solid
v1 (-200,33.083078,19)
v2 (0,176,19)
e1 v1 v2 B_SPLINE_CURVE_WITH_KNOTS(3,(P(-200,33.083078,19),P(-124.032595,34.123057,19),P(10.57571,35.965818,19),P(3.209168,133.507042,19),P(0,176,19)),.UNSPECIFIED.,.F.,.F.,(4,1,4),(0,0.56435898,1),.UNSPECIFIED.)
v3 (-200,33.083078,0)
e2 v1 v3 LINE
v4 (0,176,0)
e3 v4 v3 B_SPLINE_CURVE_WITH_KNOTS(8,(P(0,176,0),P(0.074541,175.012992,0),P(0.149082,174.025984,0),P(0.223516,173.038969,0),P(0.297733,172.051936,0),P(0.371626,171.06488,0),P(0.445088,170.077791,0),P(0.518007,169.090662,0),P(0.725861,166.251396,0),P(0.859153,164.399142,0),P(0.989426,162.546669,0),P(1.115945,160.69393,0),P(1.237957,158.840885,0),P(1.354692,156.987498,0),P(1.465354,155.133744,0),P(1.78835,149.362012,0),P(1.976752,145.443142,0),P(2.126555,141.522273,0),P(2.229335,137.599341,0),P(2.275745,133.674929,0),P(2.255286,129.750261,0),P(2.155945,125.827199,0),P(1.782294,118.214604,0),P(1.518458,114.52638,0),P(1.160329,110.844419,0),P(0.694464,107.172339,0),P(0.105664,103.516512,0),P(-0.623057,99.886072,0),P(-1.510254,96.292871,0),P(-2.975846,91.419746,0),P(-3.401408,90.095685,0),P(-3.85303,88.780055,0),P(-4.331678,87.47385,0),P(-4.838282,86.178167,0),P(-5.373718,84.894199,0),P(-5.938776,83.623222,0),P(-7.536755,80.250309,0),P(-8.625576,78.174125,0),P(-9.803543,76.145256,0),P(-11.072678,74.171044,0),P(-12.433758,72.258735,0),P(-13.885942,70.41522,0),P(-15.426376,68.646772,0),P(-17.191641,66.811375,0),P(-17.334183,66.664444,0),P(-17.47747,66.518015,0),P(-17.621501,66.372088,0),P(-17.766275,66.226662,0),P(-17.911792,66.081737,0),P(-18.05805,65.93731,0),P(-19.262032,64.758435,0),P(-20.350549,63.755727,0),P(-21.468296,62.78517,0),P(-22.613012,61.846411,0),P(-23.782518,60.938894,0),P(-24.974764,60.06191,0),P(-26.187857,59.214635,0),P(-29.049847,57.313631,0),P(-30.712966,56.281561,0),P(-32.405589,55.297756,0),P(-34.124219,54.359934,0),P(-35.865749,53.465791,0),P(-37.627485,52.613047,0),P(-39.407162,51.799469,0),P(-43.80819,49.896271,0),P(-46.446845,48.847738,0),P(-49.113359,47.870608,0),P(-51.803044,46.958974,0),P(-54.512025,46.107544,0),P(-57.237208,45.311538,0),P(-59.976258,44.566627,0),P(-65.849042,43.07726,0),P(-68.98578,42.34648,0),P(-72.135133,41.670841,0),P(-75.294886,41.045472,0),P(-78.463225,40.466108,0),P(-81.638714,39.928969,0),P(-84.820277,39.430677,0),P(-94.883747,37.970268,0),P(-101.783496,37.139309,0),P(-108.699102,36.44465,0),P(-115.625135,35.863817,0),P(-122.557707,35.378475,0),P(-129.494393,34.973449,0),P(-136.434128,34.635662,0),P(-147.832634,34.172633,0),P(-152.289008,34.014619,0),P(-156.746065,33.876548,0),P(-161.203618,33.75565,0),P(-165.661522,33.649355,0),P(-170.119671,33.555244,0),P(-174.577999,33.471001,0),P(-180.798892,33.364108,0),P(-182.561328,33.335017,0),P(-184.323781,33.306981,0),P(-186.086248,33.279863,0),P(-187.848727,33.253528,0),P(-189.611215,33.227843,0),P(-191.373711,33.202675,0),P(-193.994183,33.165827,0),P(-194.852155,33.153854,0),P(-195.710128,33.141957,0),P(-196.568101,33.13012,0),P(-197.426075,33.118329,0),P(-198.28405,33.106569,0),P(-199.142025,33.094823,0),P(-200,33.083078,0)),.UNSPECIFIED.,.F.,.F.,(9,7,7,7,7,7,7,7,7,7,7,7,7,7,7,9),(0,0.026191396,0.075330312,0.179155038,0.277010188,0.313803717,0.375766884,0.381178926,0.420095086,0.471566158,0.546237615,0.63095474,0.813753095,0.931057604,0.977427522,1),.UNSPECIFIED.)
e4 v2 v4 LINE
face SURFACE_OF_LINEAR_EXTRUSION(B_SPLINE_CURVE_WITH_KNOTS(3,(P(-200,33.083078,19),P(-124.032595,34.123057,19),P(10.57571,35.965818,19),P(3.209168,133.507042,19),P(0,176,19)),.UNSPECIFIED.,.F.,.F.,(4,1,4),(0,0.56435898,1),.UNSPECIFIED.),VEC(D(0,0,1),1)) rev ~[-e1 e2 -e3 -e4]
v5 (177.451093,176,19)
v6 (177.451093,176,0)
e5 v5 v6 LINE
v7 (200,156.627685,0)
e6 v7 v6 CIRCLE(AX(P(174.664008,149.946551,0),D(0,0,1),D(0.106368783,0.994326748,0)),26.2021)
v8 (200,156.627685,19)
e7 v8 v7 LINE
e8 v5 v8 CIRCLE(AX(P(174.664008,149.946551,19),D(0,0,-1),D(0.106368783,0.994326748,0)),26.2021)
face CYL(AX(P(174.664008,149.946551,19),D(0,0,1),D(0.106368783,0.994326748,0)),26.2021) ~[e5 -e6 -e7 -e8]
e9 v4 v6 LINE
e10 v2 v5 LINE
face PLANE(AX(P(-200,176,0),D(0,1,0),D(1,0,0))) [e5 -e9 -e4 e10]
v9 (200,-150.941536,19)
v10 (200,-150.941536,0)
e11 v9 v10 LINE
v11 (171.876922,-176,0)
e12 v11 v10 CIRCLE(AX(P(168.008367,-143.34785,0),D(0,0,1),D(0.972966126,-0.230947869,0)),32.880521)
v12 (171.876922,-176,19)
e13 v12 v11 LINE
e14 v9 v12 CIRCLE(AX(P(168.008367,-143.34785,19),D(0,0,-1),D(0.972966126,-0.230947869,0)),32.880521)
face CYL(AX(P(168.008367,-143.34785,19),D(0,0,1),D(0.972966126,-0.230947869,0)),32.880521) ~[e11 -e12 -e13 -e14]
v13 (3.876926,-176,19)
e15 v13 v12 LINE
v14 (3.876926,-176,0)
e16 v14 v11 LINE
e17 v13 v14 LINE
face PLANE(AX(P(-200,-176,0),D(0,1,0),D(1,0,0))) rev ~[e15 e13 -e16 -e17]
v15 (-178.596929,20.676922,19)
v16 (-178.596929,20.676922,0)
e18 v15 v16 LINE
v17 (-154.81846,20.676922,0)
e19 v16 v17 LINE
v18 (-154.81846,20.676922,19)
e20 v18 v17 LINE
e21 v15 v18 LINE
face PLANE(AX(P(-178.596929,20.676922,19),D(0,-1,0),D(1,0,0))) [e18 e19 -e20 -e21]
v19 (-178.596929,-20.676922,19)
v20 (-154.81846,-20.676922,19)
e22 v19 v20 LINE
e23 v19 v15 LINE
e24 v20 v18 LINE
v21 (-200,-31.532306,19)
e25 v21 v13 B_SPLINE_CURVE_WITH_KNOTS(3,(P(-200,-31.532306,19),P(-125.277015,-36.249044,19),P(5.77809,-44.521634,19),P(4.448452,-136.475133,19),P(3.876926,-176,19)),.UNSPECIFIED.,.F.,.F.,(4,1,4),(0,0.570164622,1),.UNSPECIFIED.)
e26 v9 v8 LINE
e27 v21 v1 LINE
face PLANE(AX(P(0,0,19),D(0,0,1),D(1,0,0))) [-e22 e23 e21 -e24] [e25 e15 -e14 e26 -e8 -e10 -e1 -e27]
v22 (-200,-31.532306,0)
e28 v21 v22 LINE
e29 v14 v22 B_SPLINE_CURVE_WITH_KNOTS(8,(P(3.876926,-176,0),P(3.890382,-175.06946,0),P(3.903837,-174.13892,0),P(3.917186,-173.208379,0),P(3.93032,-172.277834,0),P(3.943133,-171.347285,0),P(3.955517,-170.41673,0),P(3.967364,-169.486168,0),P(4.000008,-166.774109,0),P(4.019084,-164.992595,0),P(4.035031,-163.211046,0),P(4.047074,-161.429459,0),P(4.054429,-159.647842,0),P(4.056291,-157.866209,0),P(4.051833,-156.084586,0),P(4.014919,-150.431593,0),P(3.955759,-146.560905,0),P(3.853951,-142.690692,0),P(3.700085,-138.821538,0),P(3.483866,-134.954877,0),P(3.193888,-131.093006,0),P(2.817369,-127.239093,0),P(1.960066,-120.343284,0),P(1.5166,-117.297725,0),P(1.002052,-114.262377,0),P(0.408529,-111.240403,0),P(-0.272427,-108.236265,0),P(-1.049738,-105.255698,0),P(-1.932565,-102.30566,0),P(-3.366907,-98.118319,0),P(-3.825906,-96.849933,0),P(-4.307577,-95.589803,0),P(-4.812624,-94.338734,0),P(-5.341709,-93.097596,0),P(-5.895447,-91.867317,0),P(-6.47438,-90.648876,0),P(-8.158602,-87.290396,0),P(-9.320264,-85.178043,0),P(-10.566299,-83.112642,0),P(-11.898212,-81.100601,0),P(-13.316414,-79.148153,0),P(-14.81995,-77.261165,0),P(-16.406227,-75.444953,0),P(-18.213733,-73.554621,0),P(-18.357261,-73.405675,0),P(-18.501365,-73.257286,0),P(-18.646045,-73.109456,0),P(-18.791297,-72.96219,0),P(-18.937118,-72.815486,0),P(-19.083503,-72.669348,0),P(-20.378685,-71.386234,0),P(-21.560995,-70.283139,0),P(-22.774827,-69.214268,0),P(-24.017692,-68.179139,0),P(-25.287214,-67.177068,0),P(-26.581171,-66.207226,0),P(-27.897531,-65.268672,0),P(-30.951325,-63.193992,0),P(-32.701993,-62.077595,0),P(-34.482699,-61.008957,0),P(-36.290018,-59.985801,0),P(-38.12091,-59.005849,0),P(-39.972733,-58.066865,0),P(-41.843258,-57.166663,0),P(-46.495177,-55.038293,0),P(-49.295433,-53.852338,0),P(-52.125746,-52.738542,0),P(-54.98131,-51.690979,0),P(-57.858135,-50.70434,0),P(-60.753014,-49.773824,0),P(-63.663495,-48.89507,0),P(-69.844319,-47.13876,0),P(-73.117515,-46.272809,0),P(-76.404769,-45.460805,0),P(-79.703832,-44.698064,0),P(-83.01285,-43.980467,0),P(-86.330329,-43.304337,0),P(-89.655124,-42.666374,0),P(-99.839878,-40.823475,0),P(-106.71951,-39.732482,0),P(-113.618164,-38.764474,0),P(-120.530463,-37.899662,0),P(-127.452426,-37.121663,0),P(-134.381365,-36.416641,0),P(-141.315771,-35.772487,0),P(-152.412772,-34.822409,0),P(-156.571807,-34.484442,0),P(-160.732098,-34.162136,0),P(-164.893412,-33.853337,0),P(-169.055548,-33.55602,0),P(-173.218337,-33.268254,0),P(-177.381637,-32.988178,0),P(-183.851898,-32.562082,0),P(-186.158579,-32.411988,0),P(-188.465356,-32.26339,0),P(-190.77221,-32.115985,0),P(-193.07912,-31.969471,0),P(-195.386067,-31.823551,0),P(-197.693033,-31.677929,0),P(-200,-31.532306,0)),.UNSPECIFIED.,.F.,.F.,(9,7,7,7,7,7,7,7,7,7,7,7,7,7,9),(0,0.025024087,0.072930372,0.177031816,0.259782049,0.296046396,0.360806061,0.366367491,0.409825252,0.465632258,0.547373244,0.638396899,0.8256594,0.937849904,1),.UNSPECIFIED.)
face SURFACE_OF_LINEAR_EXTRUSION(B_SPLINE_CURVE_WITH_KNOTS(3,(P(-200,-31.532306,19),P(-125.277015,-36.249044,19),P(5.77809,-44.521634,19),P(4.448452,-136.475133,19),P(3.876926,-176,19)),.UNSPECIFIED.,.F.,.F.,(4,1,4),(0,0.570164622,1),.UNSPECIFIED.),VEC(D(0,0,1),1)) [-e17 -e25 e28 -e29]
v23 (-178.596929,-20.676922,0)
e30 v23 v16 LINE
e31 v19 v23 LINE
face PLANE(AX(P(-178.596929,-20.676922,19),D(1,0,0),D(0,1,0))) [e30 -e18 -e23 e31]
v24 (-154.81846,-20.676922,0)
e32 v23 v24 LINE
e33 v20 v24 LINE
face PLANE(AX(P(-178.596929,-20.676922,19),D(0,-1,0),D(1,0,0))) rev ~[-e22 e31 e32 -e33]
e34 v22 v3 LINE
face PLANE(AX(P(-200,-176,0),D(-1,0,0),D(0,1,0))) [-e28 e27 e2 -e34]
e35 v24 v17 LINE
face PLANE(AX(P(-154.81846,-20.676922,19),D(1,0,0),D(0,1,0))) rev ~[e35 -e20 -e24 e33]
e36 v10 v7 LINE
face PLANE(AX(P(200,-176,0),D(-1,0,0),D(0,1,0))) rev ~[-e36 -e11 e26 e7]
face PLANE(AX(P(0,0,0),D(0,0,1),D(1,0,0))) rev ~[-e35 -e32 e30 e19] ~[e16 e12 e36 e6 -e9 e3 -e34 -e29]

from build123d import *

# Parameters (mm, degrees)
F0_W     = 400
F0_H     = 352
F1_DEPTH = 19
F3_DEPTH = 19.001
F5_DEPTH = 19.0010001
F6_W     = 23.7784683704
F6_H     = 41.3538441062
F7_DEPTH = 19.0010001


with BuildPart() as f1:
    # F0 (on Top) → F1 (new body)
    with BuildSketch(Plane.XY):
        Rectangle(F0_W, F0_H)
    extrude(amount=F1_DEPTH)

    # F2 (on face) → F3 (cut, through all)
    with BuildSketch(Plane.XY.offset(19)):
        with BuildLine():
            add(Edge.make_bspline(
                [(-200, -31.5323062241), (-125.2770154333, -36.2490441097), (5.7780898117, -44.5216336427), (4.4484516613, -136.4751329034), (3.8769261446, -176)],
                knots=[0, 0, 0, 0, 0.5701646222, 1, 1, 1, 1], degree=3))
            Line((-200, -31.5323062241), (-200, -176))
            Line((-200, -176), (3.8769261446, -176))
        make_face()
        with BuildLine():
            Line((-200, 176), (-200, 33.0830775201))
            add(Edge.make_bspline(
                [(-200, 33.0830775201), (-124.0325945429, 34.1230566676), (10.5757099688, 35.9658184275), (3.2091678996, 133.5070419218), (0, 176)],
                knots=[0, 0, 0, 0, 0.5643589802, 1, 1, 1, 1], degree=3))
            Line((0, 176), (-200, 176))
        make_face()
        with BuildLine():
            ThreePointArc((200, -150.9415358305), (189.8823225958, -167.8969578857), (171.8769222498, -176))
            Line((171.8769222498, -176), (200, -176))
            Line((200, -176), (200, -150.9415358305))
        make_face()
    extrude(amount=-F3_DEPTH, mode=Mode.SUBTRACT)

    # F4 (on face) → F5 (cut, through all)
    with BuildSketch(Plane.XY.offset(19)):
        with BuildLine():
            ThreePointArc((177.4510932605, 176), (191.7387998266, 169.8211963235), (200, 156.6276848316))
            Line((200, 156.6276848316), (200, 176))
            Line((200, 176), (177.4510932605, 176))
        make_face()
    extrude(amount=-F5_DEPTH, mode=Mode.SUBTRACT)

    # F6 (on face) → F7 (cut, through all)
    with BuildSketch(Plane.XY.offset(19)):
        with Locations((-166.7076945305, 0)):
            Rectangle(F6_W, F6_H)
    extrude(amount=-F7_DEPTH, mode=Mode.SUBTRACT)


solid = f1.part
